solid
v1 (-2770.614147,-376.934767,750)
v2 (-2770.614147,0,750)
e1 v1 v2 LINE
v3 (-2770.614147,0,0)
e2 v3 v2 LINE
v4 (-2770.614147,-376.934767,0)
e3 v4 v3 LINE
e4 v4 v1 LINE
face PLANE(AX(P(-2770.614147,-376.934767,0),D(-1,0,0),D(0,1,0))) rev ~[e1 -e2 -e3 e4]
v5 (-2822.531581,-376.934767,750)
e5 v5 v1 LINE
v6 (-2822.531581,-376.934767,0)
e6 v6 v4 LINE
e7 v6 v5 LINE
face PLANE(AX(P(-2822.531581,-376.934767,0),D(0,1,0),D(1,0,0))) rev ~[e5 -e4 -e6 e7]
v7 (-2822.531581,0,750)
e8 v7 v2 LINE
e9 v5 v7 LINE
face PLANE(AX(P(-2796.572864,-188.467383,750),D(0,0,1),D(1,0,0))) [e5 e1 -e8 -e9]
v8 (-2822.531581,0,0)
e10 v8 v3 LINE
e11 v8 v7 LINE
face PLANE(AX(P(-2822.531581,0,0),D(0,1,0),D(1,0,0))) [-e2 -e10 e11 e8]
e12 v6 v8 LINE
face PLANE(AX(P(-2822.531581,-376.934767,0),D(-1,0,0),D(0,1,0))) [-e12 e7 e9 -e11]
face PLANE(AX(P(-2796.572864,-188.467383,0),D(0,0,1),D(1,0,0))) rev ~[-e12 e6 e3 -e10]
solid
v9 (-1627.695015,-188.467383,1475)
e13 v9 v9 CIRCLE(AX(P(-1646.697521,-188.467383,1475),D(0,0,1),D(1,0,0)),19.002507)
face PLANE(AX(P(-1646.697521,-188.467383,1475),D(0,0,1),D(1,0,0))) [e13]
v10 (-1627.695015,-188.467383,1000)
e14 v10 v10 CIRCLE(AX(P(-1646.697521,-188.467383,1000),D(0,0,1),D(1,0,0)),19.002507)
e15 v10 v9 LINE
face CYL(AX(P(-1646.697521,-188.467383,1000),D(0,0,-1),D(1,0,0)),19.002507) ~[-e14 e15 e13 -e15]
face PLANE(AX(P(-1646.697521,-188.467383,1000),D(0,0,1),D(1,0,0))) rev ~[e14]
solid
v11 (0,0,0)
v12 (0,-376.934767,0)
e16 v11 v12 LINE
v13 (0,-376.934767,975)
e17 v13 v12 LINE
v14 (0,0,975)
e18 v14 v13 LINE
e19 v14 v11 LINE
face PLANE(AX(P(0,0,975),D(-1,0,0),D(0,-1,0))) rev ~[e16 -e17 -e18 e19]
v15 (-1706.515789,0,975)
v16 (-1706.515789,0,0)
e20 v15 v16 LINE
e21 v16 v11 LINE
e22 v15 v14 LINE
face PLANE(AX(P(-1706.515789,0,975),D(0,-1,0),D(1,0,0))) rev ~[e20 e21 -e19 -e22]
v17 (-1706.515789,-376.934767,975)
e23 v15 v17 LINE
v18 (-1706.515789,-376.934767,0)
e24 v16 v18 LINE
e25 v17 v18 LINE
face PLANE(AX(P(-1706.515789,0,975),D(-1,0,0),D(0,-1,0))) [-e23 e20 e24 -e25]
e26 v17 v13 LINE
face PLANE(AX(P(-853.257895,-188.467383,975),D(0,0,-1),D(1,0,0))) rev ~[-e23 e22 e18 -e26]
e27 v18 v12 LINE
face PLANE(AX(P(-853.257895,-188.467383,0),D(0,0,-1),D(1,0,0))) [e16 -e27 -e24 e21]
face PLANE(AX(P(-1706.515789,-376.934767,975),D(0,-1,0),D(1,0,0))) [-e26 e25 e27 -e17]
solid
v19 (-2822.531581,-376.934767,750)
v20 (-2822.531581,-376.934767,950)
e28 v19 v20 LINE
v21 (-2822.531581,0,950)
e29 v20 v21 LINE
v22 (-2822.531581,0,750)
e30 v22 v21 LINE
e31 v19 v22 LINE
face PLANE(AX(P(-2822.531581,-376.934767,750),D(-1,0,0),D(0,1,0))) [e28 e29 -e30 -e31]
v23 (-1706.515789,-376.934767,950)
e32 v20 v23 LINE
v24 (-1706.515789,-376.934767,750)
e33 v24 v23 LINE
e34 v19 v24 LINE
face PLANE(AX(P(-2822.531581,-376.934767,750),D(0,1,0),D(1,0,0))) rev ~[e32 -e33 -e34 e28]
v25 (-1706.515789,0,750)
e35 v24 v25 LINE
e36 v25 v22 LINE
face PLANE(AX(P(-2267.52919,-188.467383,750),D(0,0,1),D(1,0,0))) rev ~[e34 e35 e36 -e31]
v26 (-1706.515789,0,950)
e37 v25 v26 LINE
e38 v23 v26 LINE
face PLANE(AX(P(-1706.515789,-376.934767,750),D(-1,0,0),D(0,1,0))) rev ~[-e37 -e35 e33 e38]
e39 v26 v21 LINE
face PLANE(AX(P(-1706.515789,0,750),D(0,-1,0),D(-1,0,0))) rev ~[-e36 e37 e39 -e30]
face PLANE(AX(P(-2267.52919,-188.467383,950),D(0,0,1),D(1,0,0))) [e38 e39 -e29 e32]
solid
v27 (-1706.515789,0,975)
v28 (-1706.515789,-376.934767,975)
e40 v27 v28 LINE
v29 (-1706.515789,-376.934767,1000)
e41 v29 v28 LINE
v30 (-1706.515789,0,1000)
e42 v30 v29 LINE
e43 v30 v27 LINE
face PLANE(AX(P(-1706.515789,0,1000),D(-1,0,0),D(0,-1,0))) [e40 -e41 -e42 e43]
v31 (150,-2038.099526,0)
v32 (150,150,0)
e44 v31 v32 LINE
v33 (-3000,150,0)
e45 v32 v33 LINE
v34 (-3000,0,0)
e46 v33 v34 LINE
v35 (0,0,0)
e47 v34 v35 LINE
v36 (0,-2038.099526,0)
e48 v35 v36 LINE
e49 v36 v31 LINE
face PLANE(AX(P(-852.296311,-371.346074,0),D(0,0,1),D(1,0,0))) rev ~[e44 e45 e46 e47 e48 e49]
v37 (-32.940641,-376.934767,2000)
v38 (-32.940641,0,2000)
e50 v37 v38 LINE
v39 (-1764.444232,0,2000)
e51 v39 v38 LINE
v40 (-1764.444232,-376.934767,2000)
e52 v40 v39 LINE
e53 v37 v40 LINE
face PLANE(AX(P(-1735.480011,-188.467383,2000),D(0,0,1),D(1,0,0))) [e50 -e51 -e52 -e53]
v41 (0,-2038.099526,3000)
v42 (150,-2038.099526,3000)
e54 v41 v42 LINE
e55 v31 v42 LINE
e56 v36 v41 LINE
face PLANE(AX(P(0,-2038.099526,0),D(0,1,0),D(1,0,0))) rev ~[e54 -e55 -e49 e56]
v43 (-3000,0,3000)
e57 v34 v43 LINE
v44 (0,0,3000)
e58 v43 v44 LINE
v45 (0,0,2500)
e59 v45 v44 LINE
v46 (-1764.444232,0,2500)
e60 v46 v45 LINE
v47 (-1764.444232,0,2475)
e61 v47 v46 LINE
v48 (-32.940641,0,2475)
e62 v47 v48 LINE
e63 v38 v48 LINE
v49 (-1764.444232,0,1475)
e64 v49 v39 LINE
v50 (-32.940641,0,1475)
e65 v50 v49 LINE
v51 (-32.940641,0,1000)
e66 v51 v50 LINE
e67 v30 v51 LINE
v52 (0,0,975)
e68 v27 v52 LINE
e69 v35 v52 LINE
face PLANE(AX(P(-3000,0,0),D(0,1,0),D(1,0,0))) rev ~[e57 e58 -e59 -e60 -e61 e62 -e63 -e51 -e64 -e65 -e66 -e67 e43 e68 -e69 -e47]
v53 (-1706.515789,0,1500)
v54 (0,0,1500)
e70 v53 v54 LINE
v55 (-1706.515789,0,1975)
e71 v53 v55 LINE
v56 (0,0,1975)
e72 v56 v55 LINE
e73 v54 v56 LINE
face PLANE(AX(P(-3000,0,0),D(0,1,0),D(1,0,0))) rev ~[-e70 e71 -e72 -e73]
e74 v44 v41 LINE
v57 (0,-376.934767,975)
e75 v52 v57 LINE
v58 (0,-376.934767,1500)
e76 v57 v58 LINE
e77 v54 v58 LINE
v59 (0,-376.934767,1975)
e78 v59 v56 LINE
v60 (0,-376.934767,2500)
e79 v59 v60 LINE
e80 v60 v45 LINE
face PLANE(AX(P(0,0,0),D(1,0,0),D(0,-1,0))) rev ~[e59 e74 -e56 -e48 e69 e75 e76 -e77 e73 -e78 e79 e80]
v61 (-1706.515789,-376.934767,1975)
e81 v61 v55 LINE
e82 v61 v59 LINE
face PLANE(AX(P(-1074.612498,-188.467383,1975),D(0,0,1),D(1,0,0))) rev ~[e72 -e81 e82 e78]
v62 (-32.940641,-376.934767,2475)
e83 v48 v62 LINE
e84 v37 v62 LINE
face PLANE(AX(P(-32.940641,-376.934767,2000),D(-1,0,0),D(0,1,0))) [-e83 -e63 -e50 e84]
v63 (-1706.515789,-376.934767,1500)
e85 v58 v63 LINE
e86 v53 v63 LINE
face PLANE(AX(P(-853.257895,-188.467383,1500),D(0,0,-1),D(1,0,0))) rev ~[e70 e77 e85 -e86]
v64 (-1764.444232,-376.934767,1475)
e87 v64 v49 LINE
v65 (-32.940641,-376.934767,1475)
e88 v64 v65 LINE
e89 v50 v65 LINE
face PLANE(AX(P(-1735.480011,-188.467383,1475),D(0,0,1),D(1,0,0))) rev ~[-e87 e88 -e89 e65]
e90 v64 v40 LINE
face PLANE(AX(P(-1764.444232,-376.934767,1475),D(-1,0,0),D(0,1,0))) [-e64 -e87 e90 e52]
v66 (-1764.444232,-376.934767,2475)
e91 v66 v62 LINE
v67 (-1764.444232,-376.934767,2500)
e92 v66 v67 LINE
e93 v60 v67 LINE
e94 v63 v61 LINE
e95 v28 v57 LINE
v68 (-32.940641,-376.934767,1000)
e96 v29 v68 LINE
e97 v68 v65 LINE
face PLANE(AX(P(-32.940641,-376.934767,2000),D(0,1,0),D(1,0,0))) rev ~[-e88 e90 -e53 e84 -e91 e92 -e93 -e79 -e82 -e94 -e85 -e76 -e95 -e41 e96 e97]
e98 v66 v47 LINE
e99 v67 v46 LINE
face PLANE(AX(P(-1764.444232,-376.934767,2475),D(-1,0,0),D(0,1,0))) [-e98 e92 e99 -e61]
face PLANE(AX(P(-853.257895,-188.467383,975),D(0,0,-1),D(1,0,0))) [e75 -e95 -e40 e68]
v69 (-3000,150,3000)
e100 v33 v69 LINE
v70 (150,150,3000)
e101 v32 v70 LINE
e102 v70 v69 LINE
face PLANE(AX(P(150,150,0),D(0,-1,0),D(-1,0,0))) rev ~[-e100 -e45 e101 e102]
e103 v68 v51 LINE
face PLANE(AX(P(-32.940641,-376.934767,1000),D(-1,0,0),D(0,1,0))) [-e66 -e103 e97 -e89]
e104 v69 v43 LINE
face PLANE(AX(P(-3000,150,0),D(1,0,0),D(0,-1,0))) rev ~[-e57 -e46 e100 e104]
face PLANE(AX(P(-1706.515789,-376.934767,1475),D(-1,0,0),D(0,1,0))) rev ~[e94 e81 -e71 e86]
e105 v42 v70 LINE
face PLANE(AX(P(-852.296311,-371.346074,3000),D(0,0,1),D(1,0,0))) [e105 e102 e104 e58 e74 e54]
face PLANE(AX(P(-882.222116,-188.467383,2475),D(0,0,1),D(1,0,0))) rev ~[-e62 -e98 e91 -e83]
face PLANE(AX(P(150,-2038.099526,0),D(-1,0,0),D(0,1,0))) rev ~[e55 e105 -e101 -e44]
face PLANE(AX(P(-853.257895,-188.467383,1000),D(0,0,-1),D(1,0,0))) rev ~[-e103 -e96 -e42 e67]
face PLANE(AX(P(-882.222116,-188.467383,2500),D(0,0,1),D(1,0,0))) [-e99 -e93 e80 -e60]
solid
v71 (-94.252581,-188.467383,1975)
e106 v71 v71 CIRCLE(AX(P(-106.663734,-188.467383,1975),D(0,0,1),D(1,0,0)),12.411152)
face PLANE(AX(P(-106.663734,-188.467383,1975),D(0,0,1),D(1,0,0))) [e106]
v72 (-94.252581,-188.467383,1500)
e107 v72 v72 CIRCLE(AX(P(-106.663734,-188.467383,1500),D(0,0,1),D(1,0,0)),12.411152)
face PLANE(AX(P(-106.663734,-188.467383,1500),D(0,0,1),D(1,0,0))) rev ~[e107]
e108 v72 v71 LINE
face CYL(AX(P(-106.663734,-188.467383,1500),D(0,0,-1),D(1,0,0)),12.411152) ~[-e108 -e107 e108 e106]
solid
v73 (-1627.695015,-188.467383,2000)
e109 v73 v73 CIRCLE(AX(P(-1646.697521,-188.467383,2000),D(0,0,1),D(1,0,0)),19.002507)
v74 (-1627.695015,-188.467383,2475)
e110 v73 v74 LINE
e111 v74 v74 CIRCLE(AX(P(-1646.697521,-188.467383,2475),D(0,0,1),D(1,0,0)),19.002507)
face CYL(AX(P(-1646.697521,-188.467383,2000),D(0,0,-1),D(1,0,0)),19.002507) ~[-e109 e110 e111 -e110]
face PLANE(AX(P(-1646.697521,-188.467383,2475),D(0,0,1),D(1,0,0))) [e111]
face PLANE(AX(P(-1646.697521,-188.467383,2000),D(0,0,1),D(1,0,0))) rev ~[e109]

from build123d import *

# Parameters (mm, degrees)
F1_DEPTH  = 3000
F3_START  = 1975
F2_W      = 1263.8065814972
F2_H      = 376.9347667694
F2_R      = 19.0025065426
F2_W_2    = 409.7685664892
F2_R_2    = 12.4111522874
F2_W_3    = 32.9406410456
F3_DEPTH  = 25
F4_START  = 475
F3_FACE_W = 1706.515789032
F3_FACE_H = 376.9347667694
F4_DEPTH  = 25
F5_START  = 475
F4_FACE_W = 1706.515789032
F4_FACE_H = 376.9347667694
F5_DEPTH  = 25
F6_START  = 1475
F2_W_4    = 57.928442955
F6_DEPTH  = 525
F7_START  = 1000
F7_DEPTH  = 500
F8_START  = 475
F6_FACE_W = 1764.444231987
F6_FACE_H = 376.9347667694
F8_DEPTH  = 25
F9_START  = 2000
F9_DEPTH  = 500
F10_START = 1000
F10_DEPTH = 475
F11_START = 1500
F11_DEPTH = 475
F12_START = 2000
F12_DEPTH = 475
F13_DEPTH = 975
F14_START = 750
F2_W_5    = 1006.1699151993
F2_W_6    = 51.9174337387
F14_DEPTH = 200
F15_DEPTH = 750


with BuildPart() as f1:
    # F0 (on Top) → F1 (new body)
    with BuildSketch(Plane.XY):
        Polygon((-3000, 150), (-3000, 0), (0, 0), (0, -2038.0995258798), (150, -2038.0995258798), (150, 150), align=None)
    extrude(amount=F1_DEPTH)



with BuildPart() as f3:
    # F2 (on Top) → F3 (new body)
    with BuildSketch(Plane.XY.offset(F3_START)):
        with Locations((-1074.6124982834, -188.4673833847)):
            Rectangle(F2_W, F2_H)
        with Locations((-1646.6975212097, -188.4673833847)):
            Circle(F2_R, mode=Mode.SUBTRACT)
        with Locations((-237.8249242902, -188.4673833847)):
            Rectangle(F2_W_2, F2_H)
        with Locations((-106.6637337208, -188.4673833847)):
            Circle(F2_R_2, mode=Mode.SUBTRACT)
        with Locations((-1646.6975212097, -188.4673833847)):
            Circle(F2_R)
        with Locations((-16.4703205228, -188.4673833847)):
            Rectangle(F2_W_3, F2_H)
        with Locations((-106.6637337208, -188.4673833847)):
            Circle(F2_R_2)
    extrude(amount=F3_DEPTH)


with BuildPart() as f4:
    # F3_face (on face) → F4 (new body)
    with BuildSketch(Plane(origin=(-853.257894516, -188.4673833847, 1975), x_dir=(1, 0, 0), z_dir=(0, 0, -1)).offset(F4_START)):
        Rectangle(F3_FACE_W, F3_FACE_H)
    extrude(amount=F4_DEPTH)


with BuildPart() as f5:
    # F4_face (on face) → F5 (new body)
    with BuildSketch(Plane(origin=(-853.257894516, -188.4673833847, 1475), x_dir=(1, 0, 0), z_dir=(0, 0, -1)).offset(F5_START)):
        Rectangle(F4_FACE_W, F4_FACE_H)
    extrude(amount=F5_DEPTH)


with BuildPart() as f1_1:
    add(f1.part)

    add(f3.part)  # F6 merges F3

    add(f4.part)  # F6 merges F4
    # F2 (on Top) → F6 (join)
    with BuildSketch(Plane.XY.offset(F6_START)):
        with Locations((-1735.4800105095, -188.4673833847)):
            Rectangle(F2_W_4, F2_H)
    extrude(amount=F6_DEPTH)


    add(f5.part)  # F7 merges F5
    # F2 (on Top) → F7 (join)
    with BuildSketch(Plane.XY.offset(F7_START)):
        with Locations((-16.4703205228, -188.4673833847)):
            Rectangle(F2_W_3, F2_H)
    extrude(amount=F7_DEPTH)

    # F6_face (on face) → F8 (join)
    with BuildSketch(Plane(origin=(-882.2221159935, -188.4673833847, 2000), x_dir=(1, 0, 0), z_dir=(0, 0, 1)).offset(F8_START)):
        Rectangle(F6_FACE_W, F6_FACE_H)
    extrude(amount=F8_DEPTH)

    # F2 (on Top) → F9 (join)
    with BuildSketch(Plane.XY.offset(F9_START)):
        with Locations((-16.4703205228, -188.4673833847)):
            Rectangle(F2_W_3, F2_H)
    extrude(amount=F9_DEPTH)


with BuildPart() as f10:
    # F2 (on Top) → F10 (new body)
    with BuildSketch(Plane.XY.offset(F10_START)):
        with Locations((-1646.6975212097, -188.4673833847)):
            Circle(F2_R)
    extrude(amount=F10_DEPTH)


with BuildPart() as f11:
    # F2 (on Top) → F11 (new body)
    with BuildSketch(Plane.XY.offset(F11_START)):
        with Locations((-106.6637337208, -188.4673833847)):
            Circle(F2_R_2)
    extrude(amount=F11_DEPTH)


with BuildPart() as f12:
    # F2 (on Top) → F12 (new body)
    with BuildSketch(Plane.XY.offset(F12_START)):
        with Locations((-1646.6975212097, -188.4673833847)):
            Circle(F2_R)
    extrude(amount=F12_DEPTH)


with BuildPart() as f13:
    # F13 (new): a face of the model
    f13_faces = [f1_1.part.faces().sort_by_distance(p)[0] for p in [
        (-853.257894516, -188.4673833847, 975),
    ]]
    extrude(f13_faces, amount=F13_DEPTH)


with BuildPart() as f14:
    # F2 (on Top) → F14 (new body)
    with BuildSketch(Plane.XY.offset(F14_START)):
        with Locations((-2267.5291895866, -188.4673833847)):
            Rectangle(F2_W_5, F2_H)
        with Locations((-2796.5728640556, -188.4673833847)):
            Rectangle(F2_W_6, F2_H)
        with Locations((-1735.4800105095, -188.4673833847)):
            Rectangle(F2_W_4, F2_H)
    extrude(amount=F14_DEPTH)


with BuildPart() as f15:
    # F2 (on Top) → F15 (new body)
    with BuildSketch(Plane.XY):
        with Locations((-2796.5728640556, -188.4673833847)):
            Rectangle(F2_W_6, F2_H)
    extrude(amount=F15_DEPTH)


solid = Compound([f1_1.part, f10.part, f11.part, f12.part, f13.part, f14.part, f15.part])
